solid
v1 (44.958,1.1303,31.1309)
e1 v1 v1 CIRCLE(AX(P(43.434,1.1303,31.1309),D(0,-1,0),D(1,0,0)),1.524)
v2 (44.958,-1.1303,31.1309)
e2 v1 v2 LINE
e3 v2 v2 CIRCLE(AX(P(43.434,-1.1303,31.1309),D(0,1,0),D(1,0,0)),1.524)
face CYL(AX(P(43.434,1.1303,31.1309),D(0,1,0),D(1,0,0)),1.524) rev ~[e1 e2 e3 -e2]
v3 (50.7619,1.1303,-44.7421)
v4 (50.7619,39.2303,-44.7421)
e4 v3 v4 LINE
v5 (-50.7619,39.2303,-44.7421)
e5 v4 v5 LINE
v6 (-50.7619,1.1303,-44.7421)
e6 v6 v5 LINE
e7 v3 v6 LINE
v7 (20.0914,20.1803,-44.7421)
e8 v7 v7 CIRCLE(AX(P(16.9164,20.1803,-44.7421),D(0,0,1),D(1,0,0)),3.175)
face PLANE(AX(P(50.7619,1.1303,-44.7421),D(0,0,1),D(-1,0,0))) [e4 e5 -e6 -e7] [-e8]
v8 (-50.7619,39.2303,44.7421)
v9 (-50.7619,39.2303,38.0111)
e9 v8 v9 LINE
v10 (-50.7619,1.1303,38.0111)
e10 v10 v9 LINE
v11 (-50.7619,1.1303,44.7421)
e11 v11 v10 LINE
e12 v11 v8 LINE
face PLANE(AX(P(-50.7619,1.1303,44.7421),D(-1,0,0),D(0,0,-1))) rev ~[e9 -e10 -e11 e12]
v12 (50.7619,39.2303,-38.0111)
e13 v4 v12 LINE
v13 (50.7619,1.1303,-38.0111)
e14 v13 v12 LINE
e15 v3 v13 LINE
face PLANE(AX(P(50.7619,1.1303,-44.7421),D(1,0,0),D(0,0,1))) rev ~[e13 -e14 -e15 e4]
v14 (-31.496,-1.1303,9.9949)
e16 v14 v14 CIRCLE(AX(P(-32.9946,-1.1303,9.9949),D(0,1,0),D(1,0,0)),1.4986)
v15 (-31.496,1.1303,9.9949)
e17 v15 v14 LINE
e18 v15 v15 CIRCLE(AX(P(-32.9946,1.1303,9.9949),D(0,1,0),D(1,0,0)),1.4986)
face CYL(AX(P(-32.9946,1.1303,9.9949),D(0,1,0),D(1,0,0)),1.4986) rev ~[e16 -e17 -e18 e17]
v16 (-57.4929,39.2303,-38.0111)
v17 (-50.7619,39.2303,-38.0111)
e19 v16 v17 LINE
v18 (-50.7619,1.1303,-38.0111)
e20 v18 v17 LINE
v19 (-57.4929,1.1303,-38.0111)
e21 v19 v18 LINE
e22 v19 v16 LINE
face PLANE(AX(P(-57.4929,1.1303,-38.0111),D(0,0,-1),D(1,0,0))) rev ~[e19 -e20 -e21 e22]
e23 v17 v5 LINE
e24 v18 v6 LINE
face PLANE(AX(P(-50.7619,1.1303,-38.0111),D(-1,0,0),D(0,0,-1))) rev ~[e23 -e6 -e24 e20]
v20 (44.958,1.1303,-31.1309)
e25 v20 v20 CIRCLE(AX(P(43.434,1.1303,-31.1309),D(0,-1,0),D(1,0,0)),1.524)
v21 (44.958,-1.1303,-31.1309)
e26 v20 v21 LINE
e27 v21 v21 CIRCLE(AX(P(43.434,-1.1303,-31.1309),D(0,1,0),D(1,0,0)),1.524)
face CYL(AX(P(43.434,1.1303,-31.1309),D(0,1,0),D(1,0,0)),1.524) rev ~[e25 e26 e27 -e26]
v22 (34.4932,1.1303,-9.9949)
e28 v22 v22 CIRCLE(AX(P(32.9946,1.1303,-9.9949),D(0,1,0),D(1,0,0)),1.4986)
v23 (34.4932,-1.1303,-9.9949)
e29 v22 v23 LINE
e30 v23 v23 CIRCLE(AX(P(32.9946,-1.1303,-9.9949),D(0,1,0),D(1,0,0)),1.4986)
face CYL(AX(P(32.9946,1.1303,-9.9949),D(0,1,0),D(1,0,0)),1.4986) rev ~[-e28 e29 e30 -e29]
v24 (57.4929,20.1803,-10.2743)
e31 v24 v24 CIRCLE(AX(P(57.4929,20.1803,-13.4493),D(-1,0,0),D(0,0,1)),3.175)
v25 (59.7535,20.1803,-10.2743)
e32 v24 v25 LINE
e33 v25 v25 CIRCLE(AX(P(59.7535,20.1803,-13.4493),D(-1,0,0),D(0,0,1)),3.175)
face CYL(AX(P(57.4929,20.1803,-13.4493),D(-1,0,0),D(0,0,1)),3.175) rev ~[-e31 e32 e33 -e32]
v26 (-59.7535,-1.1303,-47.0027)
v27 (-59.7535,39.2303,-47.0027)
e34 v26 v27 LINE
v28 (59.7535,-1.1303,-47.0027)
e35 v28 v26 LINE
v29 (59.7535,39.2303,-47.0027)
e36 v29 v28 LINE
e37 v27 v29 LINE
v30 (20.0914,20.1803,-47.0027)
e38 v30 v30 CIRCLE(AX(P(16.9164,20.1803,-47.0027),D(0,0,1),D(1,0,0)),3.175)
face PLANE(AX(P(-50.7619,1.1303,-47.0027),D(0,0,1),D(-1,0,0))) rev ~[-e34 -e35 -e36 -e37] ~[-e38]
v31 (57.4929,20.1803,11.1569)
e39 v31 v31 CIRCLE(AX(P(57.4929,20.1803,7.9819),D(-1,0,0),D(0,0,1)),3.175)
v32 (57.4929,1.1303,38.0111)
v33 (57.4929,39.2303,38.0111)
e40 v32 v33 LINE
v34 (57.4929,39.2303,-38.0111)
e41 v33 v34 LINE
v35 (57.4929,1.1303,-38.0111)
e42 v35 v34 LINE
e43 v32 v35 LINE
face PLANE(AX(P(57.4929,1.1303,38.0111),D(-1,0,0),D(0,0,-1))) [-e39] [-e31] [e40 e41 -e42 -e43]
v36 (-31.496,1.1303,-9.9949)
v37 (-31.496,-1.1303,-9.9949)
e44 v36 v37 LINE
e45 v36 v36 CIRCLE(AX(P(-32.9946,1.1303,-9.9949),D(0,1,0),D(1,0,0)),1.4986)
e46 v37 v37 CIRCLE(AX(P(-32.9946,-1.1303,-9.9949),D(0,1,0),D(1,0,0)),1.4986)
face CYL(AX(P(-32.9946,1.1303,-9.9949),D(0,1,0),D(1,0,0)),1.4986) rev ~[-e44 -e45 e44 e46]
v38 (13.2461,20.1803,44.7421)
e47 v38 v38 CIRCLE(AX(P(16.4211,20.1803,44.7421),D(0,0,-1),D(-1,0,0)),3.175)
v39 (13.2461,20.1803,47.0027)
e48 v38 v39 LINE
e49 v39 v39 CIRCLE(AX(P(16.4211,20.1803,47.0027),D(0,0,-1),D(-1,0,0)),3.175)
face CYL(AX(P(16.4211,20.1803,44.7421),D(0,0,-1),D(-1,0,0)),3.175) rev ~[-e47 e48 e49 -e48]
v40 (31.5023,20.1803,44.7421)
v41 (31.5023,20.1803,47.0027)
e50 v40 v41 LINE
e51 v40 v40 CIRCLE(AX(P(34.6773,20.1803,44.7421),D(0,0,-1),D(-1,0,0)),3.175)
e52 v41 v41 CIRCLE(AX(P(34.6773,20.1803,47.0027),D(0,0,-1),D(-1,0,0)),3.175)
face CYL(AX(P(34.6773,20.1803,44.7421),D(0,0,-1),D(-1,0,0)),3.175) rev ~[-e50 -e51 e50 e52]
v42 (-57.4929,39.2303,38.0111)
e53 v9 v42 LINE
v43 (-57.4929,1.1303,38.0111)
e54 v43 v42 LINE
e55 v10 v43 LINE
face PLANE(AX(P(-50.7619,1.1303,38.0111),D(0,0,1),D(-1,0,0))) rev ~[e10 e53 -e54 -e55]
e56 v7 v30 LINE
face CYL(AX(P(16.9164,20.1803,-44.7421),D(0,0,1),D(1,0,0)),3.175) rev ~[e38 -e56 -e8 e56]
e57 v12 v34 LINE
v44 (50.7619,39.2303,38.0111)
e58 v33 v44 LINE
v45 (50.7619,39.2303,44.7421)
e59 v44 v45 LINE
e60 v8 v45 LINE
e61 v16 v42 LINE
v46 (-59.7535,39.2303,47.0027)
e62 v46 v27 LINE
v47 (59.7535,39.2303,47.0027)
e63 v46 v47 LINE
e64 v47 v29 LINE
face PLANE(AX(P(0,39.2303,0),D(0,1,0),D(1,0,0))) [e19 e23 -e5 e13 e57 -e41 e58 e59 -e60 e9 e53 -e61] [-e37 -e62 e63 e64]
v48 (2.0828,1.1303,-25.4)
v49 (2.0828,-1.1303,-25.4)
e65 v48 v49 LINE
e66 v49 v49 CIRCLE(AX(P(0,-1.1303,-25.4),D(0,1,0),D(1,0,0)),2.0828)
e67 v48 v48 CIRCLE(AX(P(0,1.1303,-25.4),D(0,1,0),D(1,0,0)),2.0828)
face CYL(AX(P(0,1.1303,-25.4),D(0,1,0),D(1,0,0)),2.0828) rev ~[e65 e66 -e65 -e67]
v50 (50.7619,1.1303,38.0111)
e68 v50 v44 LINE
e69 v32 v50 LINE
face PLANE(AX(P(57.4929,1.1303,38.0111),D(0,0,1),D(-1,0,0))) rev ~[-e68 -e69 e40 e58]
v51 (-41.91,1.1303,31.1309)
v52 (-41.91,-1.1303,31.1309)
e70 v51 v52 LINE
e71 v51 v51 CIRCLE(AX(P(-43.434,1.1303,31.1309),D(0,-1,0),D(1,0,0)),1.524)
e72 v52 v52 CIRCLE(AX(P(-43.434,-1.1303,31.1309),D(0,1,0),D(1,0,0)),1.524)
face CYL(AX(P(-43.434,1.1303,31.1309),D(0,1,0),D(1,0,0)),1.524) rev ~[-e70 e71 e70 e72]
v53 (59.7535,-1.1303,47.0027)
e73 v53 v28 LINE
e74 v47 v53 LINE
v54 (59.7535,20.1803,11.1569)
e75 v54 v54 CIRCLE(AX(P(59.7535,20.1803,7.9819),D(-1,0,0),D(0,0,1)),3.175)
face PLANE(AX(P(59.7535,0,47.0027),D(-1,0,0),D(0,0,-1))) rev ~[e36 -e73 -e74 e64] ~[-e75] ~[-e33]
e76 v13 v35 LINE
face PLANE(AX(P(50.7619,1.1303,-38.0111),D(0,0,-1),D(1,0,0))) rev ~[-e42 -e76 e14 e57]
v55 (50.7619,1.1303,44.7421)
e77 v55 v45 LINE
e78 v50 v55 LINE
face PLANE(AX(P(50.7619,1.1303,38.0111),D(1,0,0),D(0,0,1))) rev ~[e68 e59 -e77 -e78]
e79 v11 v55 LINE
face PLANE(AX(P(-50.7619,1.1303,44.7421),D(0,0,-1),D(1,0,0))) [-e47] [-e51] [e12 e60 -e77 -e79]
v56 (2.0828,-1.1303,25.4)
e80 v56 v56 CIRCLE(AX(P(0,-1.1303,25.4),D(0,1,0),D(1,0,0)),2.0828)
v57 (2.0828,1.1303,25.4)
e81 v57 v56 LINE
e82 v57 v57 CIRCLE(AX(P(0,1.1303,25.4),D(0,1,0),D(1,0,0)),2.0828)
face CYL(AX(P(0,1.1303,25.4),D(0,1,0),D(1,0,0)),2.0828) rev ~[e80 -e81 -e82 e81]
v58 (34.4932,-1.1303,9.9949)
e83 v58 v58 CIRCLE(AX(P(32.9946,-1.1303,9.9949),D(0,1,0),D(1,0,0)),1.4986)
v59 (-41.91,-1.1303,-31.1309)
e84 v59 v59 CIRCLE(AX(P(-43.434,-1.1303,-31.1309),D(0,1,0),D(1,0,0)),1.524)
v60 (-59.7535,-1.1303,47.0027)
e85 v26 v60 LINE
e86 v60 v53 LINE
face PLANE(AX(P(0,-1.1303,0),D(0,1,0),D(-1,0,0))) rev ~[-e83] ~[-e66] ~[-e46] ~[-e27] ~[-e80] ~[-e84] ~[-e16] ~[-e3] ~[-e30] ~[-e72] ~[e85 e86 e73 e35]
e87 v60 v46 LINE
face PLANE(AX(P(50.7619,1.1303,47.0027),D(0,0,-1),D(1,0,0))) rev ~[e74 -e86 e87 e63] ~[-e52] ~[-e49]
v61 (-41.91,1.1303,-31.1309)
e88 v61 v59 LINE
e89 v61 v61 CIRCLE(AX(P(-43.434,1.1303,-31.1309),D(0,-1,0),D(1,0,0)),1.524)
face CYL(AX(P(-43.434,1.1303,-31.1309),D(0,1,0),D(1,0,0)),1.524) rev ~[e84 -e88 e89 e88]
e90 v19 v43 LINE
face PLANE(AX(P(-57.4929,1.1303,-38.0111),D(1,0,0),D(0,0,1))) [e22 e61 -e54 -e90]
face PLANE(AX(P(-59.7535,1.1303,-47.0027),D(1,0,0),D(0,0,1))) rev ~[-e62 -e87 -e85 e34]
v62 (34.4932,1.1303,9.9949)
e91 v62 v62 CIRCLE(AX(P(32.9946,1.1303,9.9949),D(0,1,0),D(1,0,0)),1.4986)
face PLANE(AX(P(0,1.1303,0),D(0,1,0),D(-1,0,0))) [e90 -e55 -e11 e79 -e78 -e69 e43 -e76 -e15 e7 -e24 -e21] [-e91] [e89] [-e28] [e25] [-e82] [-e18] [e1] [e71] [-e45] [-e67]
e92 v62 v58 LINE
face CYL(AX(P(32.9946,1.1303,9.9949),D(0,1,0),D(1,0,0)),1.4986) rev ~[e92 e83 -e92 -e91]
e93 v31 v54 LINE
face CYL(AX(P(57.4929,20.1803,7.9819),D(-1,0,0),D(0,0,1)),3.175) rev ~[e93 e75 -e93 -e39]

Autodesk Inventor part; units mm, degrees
ref_plane "YZ Plane" through (0, 0, 0) normal (1, 0, 0) x (0, 1, 0)
ref_plane "XZ Plane" through (0, 0, 0) normal (0, 1, 0) x (-1, 0, 0)
ref_plane "XY Plane" through (0, 0, 0) normal (0, 0, 1) x (1, 0, 0)
sketch "Sketch1" plane through (0, 0, 0) normal (0, 1, 0) x (-1, 0, 0)
  line L0 (-59.7535, -47.0027) -> (59.7535, -47.0027)
  line L1 (59.7535, -47.0027) -> (59.7535, 47.0027)
  line L2 (59.7535, 47.0027) -> (-59.7535, 47.0027)
  line L3 (-59.7535, 47.0027) -> (-59.7535, -47.0027)
  line L4 (-59.7535, -47.0027) -> (59.7535, 47.0027) construction
  line L5 (59.7535, -47.0027) -> (-59.7535, 47.0027) construction
  point P0 (0, 0)
  dimension "d0" = 119.507
  dimension "d1" = 94.0054
extrude "Extrusion1" add sketch "Sketch1" along normal mid plane 2.2606
sketch "Sketch2" plane through (0, 1.1303, 0) normal (0, 1, 0) x (1, 0, 0)
  line L0 (-59.7535, 47.0027) -> (-59.7535, -47.0027) projected
  line L1 (59.7535, -47.0027) -> (59.7535, 47.0027) projected
  line L2 (-59.7535, -47.0027) -> (59.7535, -47.0027)
  line L3 (59.7535, -47.0027) -> (59.7535, 47.0027)
  line L4 (59.7535, 47.0027) -> (-59.7535, 47.0027)
  line L5 (-59.7535, 47.0027) -> (-59.7535, -47.0027)
  line L6 (57.4929, -44.7421) -> (-57.4929, 44.7421) construction
  line L7 (-57.4929, -44.7421) -> (57.4929, 44.7421) construction
  line L8 (-59.7535, -47.0027) -> (59.7535, -47.0027) projected
  line L9 (-59.7535, -47.0027) -> (-50.7619, -47.0027)
  line L10 (-59.7535, -38.0111) -> (-59.7535, -47.0027)
  line L11 (-59.7535, 47.0027) -> (-50.7619, 47.0027)
  line L12 (-59.7535, 38.0111) -> (-59.7535, 47.0027)
  line L13 (59.7535, 47.0027) -> (-59.7535, 47.0027) projected
  line L14 (59.7535, 47.0027) -> (50.7619, 47.0027)
  line L15 (59.7535, 38.0111) -> (59.7535, 47.0027)
  line L16 (59.7535, -47.0027) -> (50.7619, -47.0027)
  line L17 (59.7535, -38.0111) -> (59.7535, -47.0027)
  line L18 (-50.7619, -44.7421) -> (-50.7619, -38.0111)
  line L19 (-50.7619, -38.0111) -> (-57.4929, -38.0111)
  line L20 (-57.4929, 38.0111) -> (-50.7619, 38.0111)
  line L21 (-50.7619, 38.0111) -> (-50.7619, 44.7421)
  line L22 (50.7619, 38.0111) -> (57.4929, 38.0111)
  line L23 (50.7619, 44.7421) -> (50.7619, 38.0111)
  line L24 (57.4929, -38.0111) -> (50.7619, -38.0111)
  line L25 (50.7619, -38.0111) -> (50.7619, -44.7421)
  line L26 (-50.7619, -44.7421) -> (50.7619, -44.7421)
  line L27 (57.4929, -38.0111) -> (57.4929, 38.0111)
  line L28 (50.7619, 44.7421) -> (-50.7619, 44.7421)
  line L29 (-57.4929, 38.0111) -> (-57.4929, -38.0111)
  point P0 (0, 0)
  dimension "d4" = 114.9858
  dimension "d5" = 89.4842
  dimension "d6" = 8.9916
  dimension "d7" = 8.9916
  dimension "d10" = 8.9916
  dimension "d11" = 8.9916
extrude "Extrusion2" add sketch "Sketch2" along normal blind 38.1
sketch "Sketch3" plane through (0, 1.1303, 0) normal (0, 1, 0) x (1, 0, 0)
  circle A0 centre (0, -25.4) radius 2.0828
  circle A1 centre (0, 25.4) radius 2.0828
  point P0 (0, 0)
  dimension "d18" = 4.1656
  dimension "d19" = 4.1656
extrude "Extrusion3" cut sketch "Sketch3" against normal through all
sketch "Sketch7" plane through (0, 1.1303, 0) normal (0, 1, 0) x (1, 0, 0)
  line L0 (44.9961, -32.4993) -> (-44.9961, 32.4993) construction
  line L1 (-44.9961, -32.4993) -> (44.9961, 32.4993) construction
  line L2 (-44.9961, -32.4993) -> (-38.6461, -32.4993) construction
  line L3 (44.9961, -32.4993) -> (64.0461, -32.4993) construction
  line L4 (32.9946, -9.9949) -> (-32.9946, 9.9949) construction
  line L5 (-32.9946, -9.9949) -> (32.9946, 9.9949) construction
  circle A0 centre (-32.9946, -9.9949) radius 1.4986
  circle A1 centre (-32.9946, 9.9949) radius 1.4986
  circle A2 centre (32.9946, -9.9949) radius 1.4986
  circle A3 centre (32.9946, 9.9949) radius 1.4986
  line L6 (-44.45, -32.1469) -> (44.45, -32.1469)
  line L7 (44.45, 32.1469) -> (-44.45, 32.1469)
  line L8 (-44.45, 32.1469) -> (-44.45, -32.1469)
  line L9 (-44.45, -32.1469) -> (44.45, 32.1469) construction
  line L10 (44.45, -32.1469) -> (-44.45, 32.1469) construction
  line L11 (-44.45, -32.1469) -> (-43.434, -32.1469)
  line L12 (-44.45, -31.1309) -> (-44.45, -32.1469)
  circle A4 centre (-43.434, -31.1309) radius 1.524
  line L13 (-44.45, 32.1469) -> (-43.434, 32.1469)
  line L14 (-44.45, 31.1309) -> (-44.45, 32.1469)
  circle A5 centre (-43.434, 31.1309) radius 1.524
  line L15 (44.45, 32.1469) -> (43.434, 32.1469)
  line L16 (44.45, 31.1309) -> (44.45, 32.1469)
  circle A6 centre (43.434, 31.1309) radius 1.524
  line L17 (44.45, -32.1469) -> (43.434, -32.1469)
  line L18 (43.434, -31.1309) -> (44.45, -31.1309)
  circle A7 centre (43.434, -31.1309) radius 1.524
  point P0 (0, 0)
  dimension "d47" = 89.9922
  dimension "d48" = 64.9986
  dimension "d62" = 65.9892
  dimension "d63" = 19.9898
  dimension "d64" = 2.9972
  dimension "d65" = 2.9972
  dimension "d66" = 2.9972
  dimension "d67" = 2.9972
  dimension "d120" = 88.9
  dimension "d121" = 64.2938
  dimension "d124" = 3.048
  dimension "d127" = 3.048
  dimension "d130" = 3.048
  dimension "d131" = 1.016
  dimension "d132" = 1.016
  dimension "d133" = 3.048
sketch "Sketch8" plane through (-50.7619, 1.1303, -44.7421) normal (0, 0, 1) x (1, 0, 0)
  line L0 (0, 0) -> (0, 38.1) projected
  circle A0 centre (67.6783, 19.05) radius 3.175
  point P0 (50.7619, -1.1303)
  dimension "d99" = 6.35
extrude "Extrusion7" cut sketch "Sketch8" against normal through all
sketch "Sketch10" plane through (57.4929, 1.1303, -38.0111) normal (-1, 0, 0) x (0, 0, 1)
  line L0 (0, 0) -> (0, 38.1) projected
  line L1 (0, 19.05) -> (5.5118, 19.05) construction
  circle A0 centre (24.5618, 19.05) radius 3.175
  circle A1 centre (45.993, 19.05) radius 3.175
  point P0 (38.0111, -1.1303)
  dimension "d118" = 6.35
  dimension "d119" = 6.35
extrude "Extrusion8" cut sketch "Sketch10" against normal through all
sketch "Sketch11" plane through (50.7619, 1.1303, 44.7421) normal (0, 0, -1) x (-1, 0, 0)
  line L0 (101.5238, 0) -> (101.5238, 38.1) projected
  line L1 (101.5238, 19.05) -> (95.758, 19.05)
  line L2 (0, 0) -> (0, 38.1) projected
  line L3 (0, 0) -> (0, 38.1) projected
  circle A0 centre (16.0846, 19.05) radius 3.175
  circle A1 centre (34.3408, 19.05) radius 3.175
  point P0 (50.7619, -1.1303)
  dimension "d80" = 5.7658
  dimension "d112" = 6.35
  dimension "d113" = 6.35
extrude "Extrusion9" cut sketch "Sketch11" against normal through all
extrude "Extrusion10" cut sketch "Sketch7" against normal through all
properties part number "546-1590BBS-ADF41020"
